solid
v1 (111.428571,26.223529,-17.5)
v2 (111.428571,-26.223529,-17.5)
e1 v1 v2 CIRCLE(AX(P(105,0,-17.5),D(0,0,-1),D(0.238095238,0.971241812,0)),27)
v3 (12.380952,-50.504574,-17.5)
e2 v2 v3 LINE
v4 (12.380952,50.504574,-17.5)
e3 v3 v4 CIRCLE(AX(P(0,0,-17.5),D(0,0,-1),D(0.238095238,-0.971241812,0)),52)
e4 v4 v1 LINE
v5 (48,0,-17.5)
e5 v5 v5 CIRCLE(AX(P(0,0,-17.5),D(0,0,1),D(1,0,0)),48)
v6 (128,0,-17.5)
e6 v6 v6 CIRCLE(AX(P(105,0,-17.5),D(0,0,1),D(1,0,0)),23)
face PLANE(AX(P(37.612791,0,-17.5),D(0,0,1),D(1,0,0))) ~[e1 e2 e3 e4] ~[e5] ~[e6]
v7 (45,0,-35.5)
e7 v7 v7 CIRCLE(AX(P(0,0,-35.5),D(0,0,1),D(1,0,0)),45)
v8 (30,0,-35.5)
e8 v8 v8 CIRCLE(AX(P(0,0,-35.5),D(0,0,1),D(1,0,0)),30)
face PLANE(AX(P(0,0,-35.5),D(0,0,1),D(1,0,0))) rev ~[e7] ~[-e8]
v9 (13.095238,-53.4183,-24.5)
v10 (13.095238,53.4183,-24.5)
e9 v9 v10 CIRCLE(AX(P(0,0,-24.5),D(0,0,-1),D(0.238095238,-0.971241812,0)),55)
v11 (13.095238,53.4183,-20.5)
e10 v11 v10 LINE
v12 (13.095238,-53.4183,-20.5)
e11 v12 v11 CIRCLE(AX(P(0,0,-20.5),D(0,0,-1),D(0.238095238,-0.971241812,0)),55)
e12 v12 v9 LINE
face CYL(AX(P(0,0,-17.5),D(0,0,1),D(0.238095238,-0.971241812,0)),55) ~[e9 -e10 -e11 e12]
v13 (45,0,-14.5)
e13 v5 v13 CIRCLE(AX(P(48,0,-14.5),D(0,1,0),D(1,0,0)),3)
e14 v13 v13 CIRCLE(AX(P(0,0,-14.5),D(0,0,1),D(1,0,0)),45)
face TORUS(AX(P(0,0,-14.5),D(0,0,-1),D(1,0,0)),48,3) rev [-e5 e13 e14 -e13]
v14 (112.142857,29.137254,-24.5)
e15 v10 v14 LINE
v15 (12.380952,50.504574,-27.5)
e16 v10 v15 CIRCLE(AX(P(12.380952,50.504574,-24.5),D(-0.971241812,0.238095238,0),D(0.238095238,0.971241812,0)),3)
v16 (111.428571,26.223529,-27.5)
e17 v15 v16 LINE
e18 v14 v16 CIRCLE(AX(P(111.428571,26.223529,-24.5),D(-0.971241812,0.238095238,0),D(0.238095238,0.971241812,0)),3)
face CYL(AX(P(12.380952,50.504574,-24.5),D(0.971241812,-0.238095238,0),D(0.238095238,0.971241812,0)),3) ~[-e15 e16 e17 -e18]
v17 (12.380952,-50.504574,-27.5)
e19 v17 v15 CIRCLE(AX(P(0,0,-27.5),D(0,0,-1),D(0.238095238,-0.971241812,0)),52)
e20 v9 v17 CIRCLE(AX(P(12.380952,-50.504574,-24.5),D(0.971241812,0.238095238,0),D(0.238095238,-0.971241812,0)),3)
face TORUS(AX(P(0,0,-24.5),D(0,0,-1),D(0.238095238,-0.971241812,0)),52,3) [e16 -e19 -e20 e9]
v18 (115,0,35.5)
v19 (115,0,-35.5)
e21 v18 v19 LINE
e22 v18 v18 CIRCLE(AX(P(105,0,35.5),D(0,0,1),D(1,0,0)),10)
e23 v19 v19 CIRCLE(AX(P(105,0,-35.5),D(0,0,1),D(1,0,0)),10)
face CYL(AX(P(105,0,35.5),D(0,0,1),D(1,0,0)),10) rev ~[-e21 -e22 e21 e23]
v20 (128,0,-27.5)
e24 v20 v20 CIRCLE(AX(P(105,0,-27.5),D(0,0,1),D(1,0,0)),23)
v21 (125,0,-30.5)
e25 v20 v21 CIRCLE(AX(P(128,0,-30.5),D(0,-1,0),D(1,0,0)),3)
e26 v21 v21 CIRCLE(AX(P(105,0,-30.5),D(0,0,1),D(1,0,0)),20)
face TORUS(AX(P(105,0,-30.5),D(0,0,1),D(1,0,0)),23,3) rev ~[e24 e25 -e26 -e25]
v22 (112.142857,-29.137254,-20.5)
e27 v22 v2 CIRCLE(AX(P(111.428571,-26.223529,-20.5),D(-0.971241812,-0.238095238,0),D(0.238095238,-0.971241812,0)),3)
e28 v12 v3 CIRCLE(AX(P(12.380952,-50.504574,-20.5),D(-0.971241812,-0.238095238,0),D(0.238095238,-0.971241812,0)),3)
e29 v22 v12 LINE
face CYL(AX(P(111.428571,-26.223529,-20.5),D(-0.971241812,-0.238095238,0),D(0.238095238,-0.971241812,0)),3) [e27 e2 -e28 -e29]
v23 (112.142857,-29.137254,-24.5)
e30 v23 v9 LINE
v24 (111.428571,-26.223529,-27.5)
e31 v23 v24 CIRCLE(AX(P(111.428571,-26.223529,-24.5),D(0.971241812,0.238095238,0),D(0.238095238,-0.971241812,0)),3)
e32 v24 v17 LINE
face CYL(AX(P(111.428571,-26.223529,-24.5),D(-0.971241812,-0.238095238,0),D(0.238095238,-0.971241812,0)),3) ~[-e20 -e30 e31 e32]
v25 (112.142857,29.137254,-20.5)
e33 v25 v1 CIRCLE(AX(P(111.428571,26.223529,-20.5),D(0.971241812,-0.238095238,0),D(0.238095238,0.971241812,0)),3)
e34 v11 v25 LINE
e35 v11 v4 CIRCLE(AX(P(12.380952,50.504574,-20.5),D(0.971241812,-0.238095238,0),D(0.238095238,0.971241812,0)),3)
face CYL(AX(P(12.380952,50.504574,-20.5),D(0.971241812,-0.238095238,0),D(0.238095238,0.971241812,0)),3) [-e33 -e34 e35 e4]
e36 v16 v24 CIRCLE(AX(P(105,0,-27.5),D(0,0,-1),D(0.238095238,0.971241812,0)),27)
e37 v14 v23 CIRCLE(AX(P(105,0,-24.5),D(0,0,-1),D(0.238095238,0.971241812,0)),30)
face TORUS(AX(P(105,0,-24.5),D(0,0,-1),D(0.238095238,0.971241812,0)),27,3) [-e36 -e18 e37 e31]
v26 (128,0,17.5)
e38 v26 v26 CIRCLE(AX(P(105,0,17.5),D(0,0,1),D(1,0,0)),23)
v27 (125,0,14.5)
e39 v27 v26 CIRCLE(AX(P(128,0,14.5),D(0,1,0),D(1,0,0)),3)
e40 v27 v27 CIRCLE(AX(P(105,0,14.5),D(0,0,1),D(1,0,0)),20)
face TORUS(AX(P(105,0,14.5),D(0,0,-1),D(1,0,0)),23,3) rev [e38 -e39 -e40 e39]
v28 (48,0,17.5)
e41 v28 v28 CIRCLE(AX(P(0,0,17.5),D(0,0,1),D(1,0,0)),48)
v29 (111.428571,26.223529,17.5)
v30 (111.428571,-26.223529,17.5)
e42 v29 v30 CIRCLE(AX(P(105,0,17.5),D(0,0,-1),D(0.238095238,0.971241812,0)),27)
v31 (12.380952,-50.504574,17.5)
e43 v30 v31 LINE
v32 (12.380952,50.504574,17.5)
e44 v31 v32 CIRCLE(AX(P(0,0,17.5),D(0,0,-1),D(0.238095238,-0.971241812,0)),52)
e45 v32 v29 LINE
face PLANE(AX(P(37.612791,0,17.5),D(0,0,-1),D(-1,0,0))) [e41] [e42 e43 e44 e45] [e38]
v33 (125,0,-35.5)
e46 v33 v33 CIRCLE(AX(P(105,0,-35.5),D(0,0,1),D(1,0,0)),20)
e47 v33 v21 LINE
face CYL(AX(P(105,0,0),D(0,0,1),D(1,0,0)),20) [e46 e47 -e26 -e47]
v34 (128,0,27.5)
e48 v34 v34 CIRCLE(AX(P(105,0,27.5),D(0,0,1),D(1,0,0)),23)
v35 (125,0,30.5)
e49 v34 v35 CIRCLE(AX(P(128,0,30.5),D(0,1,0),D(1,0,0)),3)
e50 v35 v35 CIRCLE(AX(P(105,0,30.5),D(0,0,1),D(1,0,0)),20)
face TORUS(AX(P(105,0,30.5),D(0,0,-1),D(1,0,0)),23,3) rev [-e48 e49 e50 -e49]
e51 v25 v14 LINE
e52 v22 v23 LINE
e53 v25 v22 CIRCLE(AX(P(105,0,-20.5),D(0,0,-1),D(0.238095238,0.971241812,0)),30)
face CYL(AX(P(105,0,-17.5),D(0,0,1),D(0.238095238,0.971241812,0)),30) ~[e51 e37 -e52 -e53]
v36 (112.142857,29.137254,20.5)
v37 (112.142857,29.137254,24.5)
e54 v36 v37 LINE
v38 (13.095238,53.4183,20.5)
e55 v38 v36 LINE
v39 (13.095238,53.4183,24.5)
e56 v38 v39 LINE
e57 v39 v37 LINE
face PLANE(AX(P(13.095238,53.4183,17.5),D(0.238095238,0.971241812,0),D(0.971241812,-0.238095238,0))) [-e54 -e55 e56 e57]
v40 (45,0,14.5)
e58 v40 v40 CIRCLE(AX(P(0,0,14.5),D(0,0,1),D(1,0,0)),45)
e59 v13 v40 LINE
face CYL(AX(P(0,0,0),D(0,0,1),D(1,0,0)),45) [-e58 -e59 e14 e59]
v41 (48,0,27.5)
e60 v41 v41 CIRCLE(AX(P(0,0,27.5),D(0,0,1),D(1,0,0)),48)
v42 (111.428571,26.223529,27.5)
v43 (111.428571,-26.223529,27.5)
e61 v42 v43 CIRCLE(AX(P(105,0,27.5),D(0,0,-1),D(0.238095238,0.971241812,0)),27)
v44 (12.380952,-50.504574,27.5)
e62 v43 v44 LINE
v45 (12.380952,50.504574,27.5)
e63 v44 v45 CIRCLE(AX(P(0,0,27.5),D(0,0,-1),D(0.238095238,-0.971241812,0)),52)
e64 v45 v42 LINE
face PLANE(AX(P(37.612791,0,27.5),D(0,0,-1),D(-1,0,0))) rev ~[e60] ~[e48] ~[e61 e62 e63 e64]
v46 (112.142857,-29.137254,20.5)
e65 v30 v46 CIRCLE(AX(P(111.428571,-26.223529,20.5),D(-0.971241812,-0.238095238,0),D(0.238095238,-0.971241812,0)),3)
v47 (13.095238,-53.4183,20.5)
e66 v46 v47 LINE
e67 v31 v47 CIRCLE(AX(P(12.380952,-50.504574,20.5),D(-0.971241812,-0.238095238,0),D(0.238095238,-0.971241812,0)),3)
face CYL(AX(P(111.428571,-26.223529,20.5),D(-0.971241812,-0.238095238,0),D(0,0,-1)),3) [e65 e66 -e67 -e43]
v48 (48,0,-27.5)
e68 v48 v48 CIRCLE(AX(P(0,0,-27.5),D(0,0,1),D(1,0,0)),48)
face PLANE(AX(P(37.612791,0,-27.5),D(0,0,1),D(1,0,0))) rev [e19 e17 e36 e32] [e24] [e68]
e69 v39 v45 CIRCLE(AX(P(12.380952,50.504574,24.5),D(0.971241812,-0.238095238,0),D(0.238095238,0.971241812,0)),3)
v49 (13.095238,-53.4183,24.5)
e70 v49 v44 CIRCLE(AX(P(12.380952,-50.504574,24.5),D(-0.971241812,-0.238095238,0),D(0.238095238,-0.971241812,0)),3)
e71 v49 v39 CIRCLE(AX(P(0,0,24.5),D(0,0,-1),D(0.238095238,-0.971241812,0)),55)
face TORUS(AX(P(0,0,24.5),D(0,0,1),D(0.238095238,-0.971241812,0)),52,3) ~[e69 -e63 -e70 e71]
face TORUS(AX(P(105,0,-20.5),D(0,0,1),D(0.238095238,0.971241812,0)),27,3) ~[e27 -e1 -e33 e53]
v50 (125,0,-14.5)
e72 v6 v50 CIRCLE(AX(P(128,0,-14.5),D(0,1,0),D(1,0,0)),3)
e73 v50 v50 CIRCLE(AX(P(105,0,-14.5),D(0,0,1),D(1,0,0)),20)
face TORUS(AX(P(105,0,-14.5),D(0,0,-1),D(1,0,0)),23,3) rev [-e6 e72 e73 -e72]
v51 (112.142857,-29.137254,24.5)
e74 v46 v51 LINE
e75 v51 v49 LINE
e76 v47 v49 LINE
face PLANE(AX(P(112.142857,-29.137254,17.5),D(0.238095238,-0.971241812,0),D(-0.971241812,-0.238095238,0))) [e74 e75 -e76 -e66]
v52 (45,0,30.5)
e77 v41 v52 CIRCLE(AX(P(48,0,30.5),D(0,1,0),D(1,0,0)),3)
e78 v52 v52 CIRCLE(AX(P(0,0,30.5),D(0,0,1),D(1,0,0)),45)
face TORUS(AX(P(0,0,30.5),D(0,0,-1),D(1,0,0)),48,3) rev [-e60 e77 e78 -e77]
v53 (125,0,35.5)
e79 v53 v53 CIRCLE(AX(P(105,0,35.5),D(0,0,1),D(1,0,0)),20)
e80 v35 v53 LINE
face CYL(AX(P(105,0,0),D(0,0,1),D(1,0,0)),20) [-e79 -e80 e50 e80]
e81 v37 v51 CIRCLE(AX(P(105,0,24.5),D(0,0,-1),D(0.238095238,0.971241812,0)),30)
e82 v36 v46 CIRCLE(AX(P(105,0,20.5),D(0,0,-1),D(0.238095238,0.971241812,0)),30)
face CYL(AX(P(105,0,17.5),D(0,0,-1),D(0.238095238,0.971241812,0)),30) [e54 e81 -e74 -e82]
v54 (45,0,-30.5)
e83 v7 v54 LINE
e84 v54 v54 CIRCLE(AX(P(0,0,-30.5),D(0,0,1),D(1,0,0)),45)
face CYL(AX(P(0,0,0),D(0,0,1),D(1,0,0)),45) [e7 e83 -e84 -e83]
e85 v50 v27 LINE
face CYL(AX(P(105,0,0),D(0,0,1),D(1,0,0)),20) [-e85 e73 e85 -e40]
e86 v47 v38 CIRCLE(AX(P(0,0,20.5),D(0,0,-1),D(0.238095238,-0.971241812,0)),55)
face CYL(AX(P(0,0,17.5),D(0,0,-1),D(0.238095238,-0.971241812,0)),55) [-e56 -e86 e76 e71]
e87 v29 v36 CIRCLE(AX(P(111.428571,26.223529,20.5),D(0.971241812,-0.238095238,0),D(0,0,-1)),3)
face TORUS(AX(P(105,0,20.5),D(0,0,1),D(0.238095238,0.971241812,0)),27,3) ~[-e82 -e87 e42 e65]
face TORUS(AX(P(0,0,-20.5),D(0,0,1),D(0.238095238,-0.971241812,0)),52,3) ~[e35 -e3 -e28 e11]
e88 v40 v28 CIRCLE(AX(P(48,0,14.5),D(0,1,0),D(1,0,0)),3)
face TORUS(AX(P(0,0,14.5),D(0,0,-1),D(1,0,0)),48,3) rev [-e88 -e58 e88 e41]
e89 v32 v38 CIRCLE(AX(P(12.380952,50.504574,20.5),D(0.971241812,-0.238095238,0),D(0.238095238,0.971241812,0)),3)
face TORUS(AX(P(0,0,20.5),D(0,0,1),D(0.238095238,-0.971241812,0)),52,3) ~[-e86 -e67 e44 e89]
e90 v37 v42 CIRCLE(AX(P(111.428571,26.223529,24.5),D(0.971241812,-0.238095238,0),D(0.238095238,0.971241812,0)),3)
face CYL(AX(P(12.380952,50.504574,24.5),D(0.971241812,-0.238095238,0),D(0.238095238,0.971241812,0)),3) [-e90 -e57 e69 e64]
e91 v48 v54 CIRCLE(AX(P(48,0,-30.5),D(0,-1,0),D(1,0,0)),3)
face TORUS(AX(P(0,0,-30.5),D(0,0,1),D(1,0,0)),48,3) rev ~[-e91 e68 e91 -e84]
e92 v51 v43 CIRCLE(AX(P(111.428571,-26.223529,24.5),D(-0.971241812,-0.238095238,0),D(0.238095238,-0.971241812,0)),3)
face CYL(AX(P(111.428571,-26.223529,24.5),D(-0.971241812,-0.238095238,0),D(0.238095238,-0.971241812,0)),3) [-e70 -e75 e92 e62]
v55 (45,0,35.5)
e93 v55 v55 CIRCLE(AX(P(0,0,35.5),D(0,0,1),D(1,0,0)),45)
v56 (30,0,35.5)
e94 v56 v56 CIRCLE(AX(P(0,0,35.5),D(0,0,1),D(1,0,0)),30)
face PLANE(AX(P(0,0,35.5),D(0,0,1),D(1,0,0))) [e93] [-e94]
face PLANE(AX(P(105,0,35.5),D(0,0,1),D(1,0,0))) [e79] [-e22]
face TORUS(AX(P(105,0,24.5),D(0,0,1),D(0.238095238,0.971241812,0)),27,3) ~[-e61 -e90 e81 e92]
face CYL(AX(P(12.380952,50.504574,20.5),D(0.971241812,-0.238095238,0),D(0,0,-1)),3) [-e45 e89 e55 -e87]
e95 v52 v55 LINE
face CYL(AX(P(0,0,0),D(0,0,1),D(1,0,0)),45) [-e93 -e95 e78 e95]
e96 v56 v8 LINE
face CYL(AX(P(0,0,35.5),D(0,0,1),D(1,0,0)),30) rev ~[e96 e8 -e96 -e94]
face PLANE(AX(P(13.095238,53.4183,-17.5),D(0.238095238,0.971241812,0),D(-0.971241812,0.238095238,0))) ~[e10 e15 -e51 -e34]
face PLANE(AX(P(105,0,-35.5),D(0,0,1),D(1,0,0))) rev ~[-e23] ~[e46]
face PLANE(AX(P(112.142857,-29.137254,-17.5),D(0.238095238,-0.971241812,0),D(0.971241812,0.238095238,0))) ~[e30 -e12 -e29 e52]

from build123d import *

# Parameters (mm, degrees)
SKETCH_1_R          = 45
EXTRUDE_1_DEPTH     = 35.5
SKETCH_1_R_2        = 20
EXTRUDE_1_2_DEPTH   = 35.5
EXTRUDE_2_DEPTH     = 10
SKETCH_3_R          = 30
SKETCH_3_R_2        = 10
CUT_EXTRUDE_1_DEPTH = 163.144996839
FILLET_1_R          = 3


with BuildPart() as part:
    # 草图1 → 凸台-拉伸1 (new, symmetric)
    with BuildSketch(Plane.XY):
        Circle(SKETCH_1_R)
    extrude(amount=EXTRUDE_1_DEPTH, both=True)



with BuildPart() as body_2:
    # 草图1 → Extrude 1 2 (new, symmetric)
    with BuildSketch(Plane.XY):
        with Locations((105, 0)):
            Circle(SKETCH_1_R_2)
    extrude(amount=EXTRUDE_1_2_DEPTH, both=True)


with BuildPart() as part_1:
    add(part.part)

    add(body_2.part)  # 凸台-拉伸2 merges body 2
    # 草图2 → 凸台-拉伸2 (add)
    with BuildSketch(Plane.XY.offset(17.5)):
        with BuildLine():
            Line((13.095238095, 53.418299666), (112.142857143, 29.137254363))
            ThreePointArc((112.142857143, 29.137254363), (135, 0), (112.142857143, -29.137254363))
            Line((112.142857143, -29.137254363), (13.095238095, -53.418299666))
            ThreePointArc((13.095238095, -53.418299666), (-55, 0), (13.095238095, 53.418299666))
        make_face()
    extrude_2 = extrude(amount=EXTRUDE_2_DEPTH)

    # 镜向1: 凸台-拉伸2 across plane
    add(extrude_2.mirror(Plane.XY))

    # 草图3 → 切除-拉伸1 (cut, through all)
    with BuildSketch(Plane.XY.offset(35.5)):
        Circle(SKETCH_3_R)
        with Locations((105, 0)):
            Circle(SKETCH_3_R_2)
    extrude(amount=-CUT_EXTRUDE_1_DEPTH, mode=Mode.SUBTRACT)

    # 圆角1
    fillet_1_edges = [part_1.edges().sort_by_distance(p)[0] for p in [
        (-45, 0, 27.5),
        (-55, 0, 17.5),
        (62.619047619, -41.277777015, 17.5),
        (135, 0, 17.5),
        (62.619047619, 41.277777015, 17.5),
        (-55, 0, 27.5),
        (62.619047619, -41.277777015, 27.5),
        (135, 0, 27.5),
        (62.619047619, 41.277777015, 27.5),
        (85, 0, 17.5),
        (85, 0, 27.5),
        (85, 0, -17.5),
        (-45, 0, -17.5),
        (-45, 0, -27.5),
        (85, 0, -27.5),
        (-55, 0, -27.5),
        (62.619047619, 41.277777015, -27.5),
        (135, 0, -27.5),
        (62.619047619, -41.277777015, -27.5),
        (-55, 0, -17.5),
        (62.619047619, -41.277777015, -17.5),
        (135, 0, -17.5),
        (62.619047619, 41.277777015, -17.5),
        (-45, 0, 17.5),
    ]]
    fillet(fillet_1_edges, radius=FILLET_1_R)


solid = part_1.part
